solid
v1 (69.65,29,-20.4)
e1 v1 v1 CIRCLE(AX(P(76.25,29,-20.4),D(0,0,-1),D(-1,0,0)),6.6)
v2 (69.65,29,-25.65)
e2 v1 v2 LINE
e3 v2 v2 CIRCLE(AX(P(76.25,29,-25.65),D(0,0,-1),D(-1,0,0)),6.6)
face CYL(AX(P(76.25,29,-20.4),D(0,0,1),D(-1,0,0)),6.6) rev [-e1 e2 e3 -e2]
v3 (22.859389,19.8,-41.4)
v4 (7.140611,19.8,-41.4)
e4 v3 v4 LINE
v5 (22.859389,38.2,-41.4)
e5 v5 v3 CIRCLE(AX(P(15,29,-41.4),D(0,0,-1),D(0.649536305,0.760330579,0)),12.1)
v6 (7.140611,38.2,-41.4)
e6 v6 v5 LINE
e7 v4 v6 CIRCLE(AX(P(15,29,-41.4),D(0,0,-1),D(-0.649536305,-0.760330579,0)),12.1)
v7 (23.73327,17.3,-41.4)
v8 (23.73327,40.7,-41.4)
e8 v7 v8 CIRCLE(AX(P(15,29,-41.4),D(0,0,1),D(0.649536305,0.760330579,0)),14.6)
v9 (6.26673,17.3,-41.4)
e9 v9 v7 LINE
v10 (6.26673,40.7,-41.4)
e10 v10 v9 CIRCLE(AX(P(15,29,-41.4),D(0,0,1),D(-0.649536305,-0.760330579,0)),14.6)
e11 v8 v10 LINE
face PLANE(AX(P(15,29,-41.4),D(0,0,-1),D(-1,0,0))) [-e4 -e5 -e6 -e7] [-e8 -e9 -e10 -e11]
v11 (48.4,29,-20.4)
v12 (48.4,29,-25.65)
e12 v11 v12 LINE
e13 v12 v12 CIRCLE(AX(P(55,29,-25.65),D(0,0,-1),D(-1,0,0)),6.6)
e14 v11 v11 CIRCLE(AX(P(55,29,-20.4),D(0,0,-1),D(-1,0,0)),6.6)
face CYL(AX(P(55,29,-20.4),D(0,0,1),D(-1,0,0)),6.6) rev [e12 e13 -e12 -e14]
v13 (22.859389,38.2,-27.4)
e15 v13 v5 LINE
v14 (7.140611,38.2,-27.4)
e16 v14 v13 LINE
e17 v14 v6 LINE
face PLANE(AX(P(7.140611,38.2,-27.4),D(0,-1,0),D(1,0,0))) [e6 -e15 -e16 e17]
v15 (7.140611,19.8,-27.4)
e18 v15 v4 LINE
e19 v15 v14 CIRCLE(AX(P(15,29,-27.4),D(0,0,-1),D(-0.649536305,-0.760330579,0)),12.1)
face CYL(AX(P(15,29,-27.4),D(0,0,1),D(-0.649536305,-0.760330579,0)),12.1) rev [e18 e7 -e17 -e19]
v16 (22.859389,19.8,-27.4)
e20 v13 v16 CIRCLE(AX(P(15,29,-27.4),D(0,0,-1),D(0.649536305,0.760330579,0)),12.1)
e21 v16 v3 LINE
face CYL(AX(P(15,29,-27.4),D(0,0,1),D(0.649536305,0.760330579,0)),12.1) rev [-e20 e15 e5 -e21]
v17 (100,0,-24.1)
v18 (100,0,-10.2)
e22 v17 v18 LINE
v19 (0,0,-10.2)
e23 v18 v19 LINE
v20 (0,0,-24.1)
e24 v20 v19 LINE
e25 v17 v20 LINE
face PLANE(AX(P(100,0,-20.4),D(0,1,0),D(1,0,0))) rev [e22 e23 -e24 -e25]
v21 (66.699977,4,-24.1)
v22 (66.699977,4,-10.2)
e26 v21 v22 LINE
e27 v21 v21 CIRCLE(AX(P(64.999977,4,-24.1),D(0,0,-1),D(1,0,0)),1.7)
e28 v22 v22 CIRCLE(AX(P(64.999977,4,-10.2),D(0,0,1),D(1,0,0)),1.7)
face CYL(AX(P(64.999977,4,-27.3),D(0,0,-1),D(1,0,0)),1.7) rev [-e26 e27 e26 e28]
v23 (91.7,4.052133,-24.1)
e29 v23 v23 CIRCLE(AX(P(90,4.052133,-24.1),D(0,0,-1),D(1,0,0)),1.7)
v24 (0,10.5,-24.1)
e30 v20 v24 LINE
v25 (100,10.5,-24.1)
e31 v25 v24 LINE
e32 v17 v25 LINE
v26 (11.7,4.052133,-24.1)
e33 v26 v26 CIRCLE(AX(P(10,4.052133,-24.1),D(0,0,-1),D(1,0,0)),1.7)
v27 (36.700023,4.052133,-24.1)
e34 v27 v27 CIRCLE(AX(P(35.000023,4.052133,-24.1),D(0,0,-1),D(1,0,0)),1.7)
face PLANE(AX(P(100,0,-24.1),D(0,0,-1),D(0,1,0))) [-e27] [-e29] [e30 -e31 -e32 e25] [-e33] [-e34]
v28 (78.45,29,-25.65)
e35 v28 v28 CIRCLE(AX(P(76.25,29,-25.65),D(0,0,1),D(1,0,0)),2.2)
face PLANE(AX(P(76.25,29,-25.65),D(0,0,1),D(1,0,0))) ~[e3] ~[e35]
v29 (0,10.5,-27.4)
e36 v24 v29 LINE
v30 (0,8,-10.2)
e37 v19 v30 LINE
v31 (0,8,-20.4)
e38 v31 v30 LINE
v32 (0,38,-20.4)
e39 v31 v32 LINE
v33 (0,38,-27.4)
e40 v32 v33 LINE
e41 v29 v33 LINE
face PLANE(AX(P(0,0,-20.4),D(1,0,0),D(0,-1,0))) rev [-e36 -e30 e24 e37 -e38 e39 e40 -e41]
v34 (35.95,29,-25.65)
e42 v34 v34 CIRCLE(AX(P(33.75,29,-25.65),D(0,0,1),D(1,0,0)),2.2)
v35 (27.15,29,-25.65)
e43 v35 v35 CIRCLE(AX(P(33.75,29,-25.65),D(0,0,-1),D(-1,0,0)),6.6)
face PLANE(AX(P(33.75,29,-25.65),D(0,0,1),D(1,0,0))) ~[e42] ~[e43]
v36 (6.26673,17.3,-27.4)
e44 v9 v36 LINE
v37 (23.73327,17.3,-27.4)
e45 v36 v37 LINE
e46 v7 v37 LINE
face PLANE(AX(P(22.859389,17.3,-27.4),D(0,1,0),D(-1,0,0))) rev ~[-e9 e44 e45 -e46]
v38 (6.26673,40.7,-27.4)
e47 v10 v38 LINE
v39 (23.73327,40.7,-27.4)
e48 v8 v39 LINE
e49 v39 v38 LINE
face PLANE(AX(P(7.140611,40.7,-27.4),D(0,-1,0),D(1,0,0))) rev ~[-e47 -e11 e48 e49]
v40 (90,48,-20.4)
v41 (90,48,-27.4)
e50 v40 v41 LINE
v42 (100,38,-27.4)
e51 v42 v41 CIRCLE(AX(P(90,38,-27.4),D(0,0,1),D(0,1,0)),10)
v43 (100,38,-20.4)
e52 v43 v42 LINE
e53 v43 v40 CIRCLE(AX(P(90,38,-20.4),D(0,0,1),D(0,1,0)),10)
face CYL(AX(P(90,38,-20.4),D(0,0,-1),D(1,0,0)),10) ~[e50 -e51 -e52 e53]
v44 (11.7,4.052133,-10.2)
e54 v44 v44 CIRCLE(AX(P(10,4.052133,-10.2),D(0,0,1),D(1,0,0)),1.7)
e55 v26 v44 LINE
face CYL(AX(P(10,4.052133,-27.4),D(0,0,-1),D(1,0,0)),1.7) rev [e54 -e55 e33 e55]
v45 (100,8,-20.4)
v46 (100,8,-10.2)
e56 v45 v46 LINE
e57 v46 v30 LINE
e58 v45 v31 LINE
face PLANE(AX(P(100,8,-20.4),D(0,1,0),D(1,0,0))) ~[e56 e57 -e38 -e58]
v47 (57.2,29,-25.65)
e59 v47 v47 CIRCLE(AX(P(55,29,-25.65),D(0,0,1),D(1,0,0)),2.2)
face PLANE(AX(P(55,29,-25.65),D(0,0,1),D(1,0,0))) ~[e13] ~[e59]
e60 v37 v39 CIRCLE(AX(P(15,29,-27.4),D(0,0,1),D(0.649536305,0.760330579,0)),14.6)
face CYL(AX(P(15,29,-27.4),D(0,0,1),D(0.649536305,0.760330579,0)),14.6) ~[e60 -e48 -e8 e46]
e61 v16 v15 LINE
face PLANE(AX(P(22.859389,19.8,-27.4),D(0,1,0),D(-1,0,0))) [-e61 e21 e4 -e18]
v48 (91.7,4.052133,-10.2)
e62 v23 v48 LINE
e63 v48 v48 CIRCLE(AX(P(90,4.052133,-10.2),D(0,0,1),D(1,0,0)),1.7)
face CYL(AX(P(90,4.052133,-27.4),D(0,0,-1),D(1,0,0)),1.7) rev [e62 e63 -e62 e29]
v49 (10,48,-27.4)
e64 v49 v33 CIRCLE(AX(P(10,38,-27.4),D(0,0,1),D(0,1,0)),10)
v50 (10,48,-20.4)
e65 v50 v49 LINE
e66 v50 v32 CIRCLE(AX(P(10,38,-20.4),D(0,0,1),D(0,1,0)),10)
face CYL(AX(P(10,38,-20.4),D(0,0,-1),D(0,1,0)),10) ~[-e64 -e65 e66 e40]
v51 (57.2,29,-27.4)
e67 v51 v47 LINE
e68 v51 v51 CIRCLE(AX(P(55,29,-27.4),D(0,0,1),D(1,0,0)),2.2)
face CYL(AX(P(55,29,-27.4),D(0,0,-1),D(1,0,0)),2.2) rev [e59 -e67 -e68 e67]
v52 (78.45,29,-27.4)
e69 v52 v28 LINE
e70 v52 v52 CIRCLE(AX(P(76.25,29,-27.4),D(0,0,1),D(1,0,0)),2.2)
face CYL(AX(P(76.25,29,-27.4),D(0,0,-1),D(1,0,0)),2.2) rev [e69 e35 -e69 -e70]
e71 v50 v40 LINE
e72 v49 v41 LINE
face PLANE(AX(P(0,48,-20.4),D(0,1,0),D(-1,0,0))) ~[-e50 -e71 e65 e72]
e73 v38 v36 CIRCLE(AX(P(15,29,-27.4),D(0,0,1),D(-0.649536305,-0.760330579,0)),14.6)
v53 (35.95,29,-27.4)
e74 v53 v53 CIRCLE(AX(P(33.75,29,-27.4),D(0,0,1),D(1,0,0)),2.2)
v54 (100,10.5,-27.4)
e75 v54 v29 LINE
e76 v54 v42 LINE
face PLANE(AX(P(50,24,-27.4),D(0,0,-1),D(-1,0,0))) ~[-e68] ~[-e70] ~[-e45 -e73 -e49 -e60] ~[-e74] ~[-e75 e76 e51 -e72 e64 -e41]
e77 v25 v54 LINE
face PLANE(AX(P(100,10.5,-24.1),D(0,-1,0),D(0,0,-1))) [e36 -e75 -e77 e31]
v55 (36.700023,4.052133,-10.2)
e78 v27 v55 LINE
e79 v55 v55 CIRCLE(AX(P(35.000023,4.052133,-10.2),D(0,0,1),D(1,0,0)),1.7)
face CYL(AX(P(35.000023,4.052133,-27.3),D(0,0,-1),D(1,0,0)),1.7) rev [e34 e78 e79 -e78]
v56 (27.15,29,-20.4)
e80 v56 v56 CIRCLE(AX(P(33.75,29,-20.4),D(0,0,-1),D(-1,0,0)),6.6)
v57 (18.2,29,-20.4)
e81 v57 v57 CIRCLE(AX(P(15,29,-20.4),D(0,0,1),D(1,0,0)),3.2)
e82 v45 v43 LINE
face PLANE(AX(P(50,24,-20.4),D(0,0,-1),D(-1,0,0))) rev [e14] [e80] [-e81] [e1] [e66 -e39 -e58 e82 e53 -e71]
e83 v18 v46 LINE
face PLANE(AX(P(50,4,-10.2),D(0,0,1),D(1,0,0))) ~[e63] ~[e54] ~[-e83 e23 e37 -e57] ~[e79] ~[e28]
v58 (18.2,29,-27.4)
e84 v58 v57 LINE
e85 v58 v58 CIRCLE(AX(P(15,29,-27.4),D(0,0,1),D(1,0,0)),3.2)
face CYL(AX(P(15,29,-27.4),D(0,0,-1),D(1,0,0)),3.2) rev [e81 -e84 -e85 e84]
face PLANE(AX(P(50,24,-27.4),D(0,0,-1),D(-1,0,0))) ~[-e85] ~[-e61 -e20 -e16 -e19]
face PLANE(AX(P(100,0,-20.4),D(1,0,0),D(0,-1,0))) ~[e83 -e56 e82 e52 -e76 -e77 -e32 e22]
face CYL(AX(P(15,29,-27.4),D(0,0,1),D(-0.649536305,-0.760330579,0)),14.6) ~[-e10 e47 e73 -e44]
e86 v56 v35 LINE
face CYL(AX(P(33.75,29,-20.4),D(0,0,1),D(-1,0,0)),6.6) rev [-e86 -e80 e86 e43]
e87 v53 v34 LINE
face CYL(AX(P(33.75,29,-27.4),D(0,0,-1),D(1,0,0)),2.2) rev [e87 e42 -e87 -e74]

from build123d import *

# Parameters (mm, degrees)
SKETCH1_W           = 100
SKETCH1_H           = 48
BOSS_EXTRUDE1_DEPTH = 7
CUT_EXTRUDE1_REACH  = 113.144
SKETCH2_R           = 3.2
SKETCH2_R_2         = 2.2
SKETCH3_W           = 100
SKETCH3_H           = 8
BOSS_EXTRUDE2_DEPTH = 10.2
SKETCH4_R           = 6.6
CUT_EXTRUDE2_DEPTH  = 5.25
SKETCH5_R           = 2.6
CUT_EXTRUDE3_DEPTH  = 0.1
SKETCH7_R           = 1.7
CUT_EXTRUDE4_DEPTH  = 113.233729333
CUT_EXTRUDE5_REACH  = 114.249
SKETCH8_R           = 1.7
CUT_EXTRUDE6_REACH  = 116.257
SKETCH9_W           = 3.3
SKETCH9_H           = 10.5
BOSS_EXTRUDE3_DEPTH = 14
SHELL1_T            = 2.5
FILLET3_R           = 10


with BuildPart() as part:
    # Sketch1 → Boss-Extrude1 (new body)
    with BuildSketch(Plane.XY):
        with Locations((50, 24)):
            Rectangle(SKETCH1_W, SKETCH1_H)
    extrude(amount=BOSS_EXTRUDE1_DEPTH)

    # Sketch2 → Cut-Extrude1 (cut, up to next)
    with BuildSketch(Plane.XY.offset(7), mode=Mode.PRIVATE) as cut_extrude1_sk1:
        with Locations((15, 29)):
            Circle(SKETCH2_R)
    cut_extrude1_tool1 = extrude(cut_extrude1_sk1.sketch, amount=-CUT_EXTRUDE1_REACH, mode=Mode.PRIVATE) & part.part
    # Sketch2 → Cut-Extrude1 (cut, up to next)
    with BuildSketch(Plane.XY.offset(7), mode=Mode.PRIVATE) as cut_extrude1_sk2:
        with Locations((33.75, 29)):
            Circle(SKETCH2_R_2)
    cut_extrude1_tool2 = extrude(cut_extrude1_sk2.sketch, amount=-CUT_EXTRUDE1_REACH, mode=Mode.PRIVATE) & part.part
    # Sketch2 → Cut-Extrude1 (cut, up to next)
    with BuildSketch(Plane.XY.offset(7), mode=Mode.PRIVATE) as cut_extrude1_sk3:
        with Locations((55, 29)):
            Circle(SKETCH2_R_2)
    cut_extrude1_tool3 = extrude(cut_extrude1_sk3.sketch, amount=-CUT_EXTRUDE1_REACH, mode=Mode.PRIVATE) & part.part
    # Sketch2 → Cut-Extrude1 (cut, up to next)
    with BuildSketch(Plane.XY.offset(7), mode=Mode.PRIVATE) as cut_extrude1_sk4:
        with Locations((76.25, 29)):
            Circle(SKETCH2_R_2)
    cut_extrude1_tool4 = extrude(cut_extrude1_sk4.sketch, amount=-CUT_EXTRUDE1_REACH, mode=Mode.PRIVATE) & part.part
    add(cut_extrude1_tool1.solids().sort_by_distance((15, 29, 7))[0], mode=Mode.SUBTRACT)
    add(cut_extrude1_tool2.solids().sort_by_distance((33.75, 29, 7))[0], mode=Mode.SUBTRACT)
    add(cut_extrude1_tool3.solids().sort_by_distance((55, 29, 7))[0], mode=Mode.SUBTRACT)
    add(cut_extrude1_tool4.solids().sort_by_distance((76.25, 29, 7))[0], mode=Mode.SUBTRACT)

    # Sketch3 → Boss-Extrude2 (add)
    with BuildSketch(Plane(origin=(0, 0, 0), x_dir=(-1, 0, 0), z_dir=(0, 0, -1))):
        with Locations((-50, 4)):
            Rectangle(SKETCH3_W, SKETCH3_H)
    extrude(amount=BOSS_EXTRUDE2_DEPTH)

    # Sketch4 → Cut-Extrude2 (cut)
    with BuildSketch(Plane(origin=(0, 0, 0), x_dir=(-1, 0, 0), z_dir=(0, 0, -1))):
        with Locations((-76.25, 29)):
            Circle(SKETCH4_R)
        with Locations((-55, 29)):
            Circle(SKETCH4_R)
        with Locations((-33.75, 29)):
            Circle(SKETCH4_R)
    extrude(amount=-CUT_EXTRUDE2_DEPTH, mode=Mode.SUBTRACT)

    # Sketch5 → Cut-Extrude3 (cut)
    with BuildSketch(Plane.XY.offset(7)):
        with Locations((35.000022648, 4.052132501)):
            Circle(SKETCH5_R)
        with Locations((64.999977352, 4)):
            Circle(SKETCH5_R)
    extrude(amount=-CUT_EXTRUDE3_DEPTH, mode=Mode.SUBTRACT)

    # Sketch7 → Cut-Extrude4 (cut, through all)
    with BuildSketch(Plane.XY.offset(6.9)):
        with Locations((35.000022648, 4.052132501)):
            Circle(SKETCH7_R)
        with Locations((64.999977352, 4)):
            Circle(SKETCH7_R)
    extrude(amount=-CUT_EXTRUDE4_DEPTH, mode=Mode.SUBTRACT)

    # Sketch8 → Cut-Extrude5 (cut, up to next)
    with BuildSketch(Plane.XY.offset(7), mode=Mode.PRIVATE) as cut_extrude5_sk1:
        with Locations((10, 4.052132501)):
            Circle(SKETCH8_R)
    cut_extrude5_tool1 = extrude(cut_extrude5_sk1.sketch, amount=-CUT_EXTRUDE5_REACH, mode=Mode.PRIVATE) & part.part
    # Sketch8 → Cut-Extrude5 (cut, up to next)
    with BuildSketch(Plane.XY.offset(7), mode=Mode.PRIVATE) as cut_extrude5_sk2:
        with Locations((90, 4.052132501)):
            Circle(SKETCH8_R)
    cut_extrude5_tool2 = extrude(cut_extrude5_sk2.sketch, amount=-CUT_EXTRUDE5_REACH, mode=Mode.PRIVATE) & part.part
    add(cut_extrude5_tool1.solids().sort_by_distance((10, 4.052133, 7))[0], mode=Mode.SUBTRACT)
    add(cut_extrude5_tool2.solids().sort_by_distance((90, 4.052133, 7))[0], mode=Mode.SUBTRACT)


with BuildPart() as body_2:
    # Mirror1: mirrored copy
    add(part.part.mirror(Plane.XY.offset(-10.2)))

    # Sketch9 → Cut-Extrude6 (cut, up to next)
    with BuildSketch(Plane(origin=(100, 0, 0), x_dir=(0, 0, -1), z_dir=(1, 0, 0)), mode=Mode.PRIVATE) as cut_extrude6_sk1:
        with Locations((25.75, 5.25)):
            Rectangle(SKETCH9_W, SKETCH9_H)
    cut_extrude6_tool1 = extrude(cut_extrude6_sk1.sketch, amount=-CUT_EXTRUDE6_REACH, mode=Mode.PRIVATE) & body_2.part
    add(cut_extrude6_tool1.solids().sort_by_distance((100, 5.25, -25.75))[0], mode=Mode.SUBTRACT)


with BuildPart() as body_2_2:
    # Sketch10 → Boss-Extrude3 (new body)
    with BuildSketch(Plane(origin=(0, 0, -27.4), x_dir=(-1, 0, 0), z_dir=(0, 0, -1))):
        with BuildLine():
            Line((-7.140610711, 38.2), (-22.859389289, 38.2))
            ThreePointArc((-22.859389289, 38.2), (-27.1, 29), (-22.859389289, 19.8))
            Line((-22.859389289, 19.8), (-7.140610711, 19.8))
            ThreePointArc((-7.140610711, 19.8), (-2.9, 29), (-7.140610711, 38.2))
        make_face()
    extrude(amount=BOSS_EXTRUDE3_DEPTH)

    # Shell1
    shell1_openings = [body_2_2.faces().sort_by_distance(p)[0] for p in [
        (15, 29, -27.4),
        (15, 29, -41.4),
    ]]
    offset(amount=SHELL1_T, openings=shell1_openings, kind=Kind.INTERSECTION)


with BuildPart() as body_2_1:
    add(body_2.part)

    # Combine1: union body 2 2
    add(body_2_2.part)

    # Fillet3
    fillet3_edges = [body_2_1.edges().sort_by_distance(p)[0] for p in [
        (0, 48, -23.9),
        (100, 48, -23.9),
    ]]
    fillet(fillet3_edges, radius=FILLET3_R)


solid = body_2_1.part
